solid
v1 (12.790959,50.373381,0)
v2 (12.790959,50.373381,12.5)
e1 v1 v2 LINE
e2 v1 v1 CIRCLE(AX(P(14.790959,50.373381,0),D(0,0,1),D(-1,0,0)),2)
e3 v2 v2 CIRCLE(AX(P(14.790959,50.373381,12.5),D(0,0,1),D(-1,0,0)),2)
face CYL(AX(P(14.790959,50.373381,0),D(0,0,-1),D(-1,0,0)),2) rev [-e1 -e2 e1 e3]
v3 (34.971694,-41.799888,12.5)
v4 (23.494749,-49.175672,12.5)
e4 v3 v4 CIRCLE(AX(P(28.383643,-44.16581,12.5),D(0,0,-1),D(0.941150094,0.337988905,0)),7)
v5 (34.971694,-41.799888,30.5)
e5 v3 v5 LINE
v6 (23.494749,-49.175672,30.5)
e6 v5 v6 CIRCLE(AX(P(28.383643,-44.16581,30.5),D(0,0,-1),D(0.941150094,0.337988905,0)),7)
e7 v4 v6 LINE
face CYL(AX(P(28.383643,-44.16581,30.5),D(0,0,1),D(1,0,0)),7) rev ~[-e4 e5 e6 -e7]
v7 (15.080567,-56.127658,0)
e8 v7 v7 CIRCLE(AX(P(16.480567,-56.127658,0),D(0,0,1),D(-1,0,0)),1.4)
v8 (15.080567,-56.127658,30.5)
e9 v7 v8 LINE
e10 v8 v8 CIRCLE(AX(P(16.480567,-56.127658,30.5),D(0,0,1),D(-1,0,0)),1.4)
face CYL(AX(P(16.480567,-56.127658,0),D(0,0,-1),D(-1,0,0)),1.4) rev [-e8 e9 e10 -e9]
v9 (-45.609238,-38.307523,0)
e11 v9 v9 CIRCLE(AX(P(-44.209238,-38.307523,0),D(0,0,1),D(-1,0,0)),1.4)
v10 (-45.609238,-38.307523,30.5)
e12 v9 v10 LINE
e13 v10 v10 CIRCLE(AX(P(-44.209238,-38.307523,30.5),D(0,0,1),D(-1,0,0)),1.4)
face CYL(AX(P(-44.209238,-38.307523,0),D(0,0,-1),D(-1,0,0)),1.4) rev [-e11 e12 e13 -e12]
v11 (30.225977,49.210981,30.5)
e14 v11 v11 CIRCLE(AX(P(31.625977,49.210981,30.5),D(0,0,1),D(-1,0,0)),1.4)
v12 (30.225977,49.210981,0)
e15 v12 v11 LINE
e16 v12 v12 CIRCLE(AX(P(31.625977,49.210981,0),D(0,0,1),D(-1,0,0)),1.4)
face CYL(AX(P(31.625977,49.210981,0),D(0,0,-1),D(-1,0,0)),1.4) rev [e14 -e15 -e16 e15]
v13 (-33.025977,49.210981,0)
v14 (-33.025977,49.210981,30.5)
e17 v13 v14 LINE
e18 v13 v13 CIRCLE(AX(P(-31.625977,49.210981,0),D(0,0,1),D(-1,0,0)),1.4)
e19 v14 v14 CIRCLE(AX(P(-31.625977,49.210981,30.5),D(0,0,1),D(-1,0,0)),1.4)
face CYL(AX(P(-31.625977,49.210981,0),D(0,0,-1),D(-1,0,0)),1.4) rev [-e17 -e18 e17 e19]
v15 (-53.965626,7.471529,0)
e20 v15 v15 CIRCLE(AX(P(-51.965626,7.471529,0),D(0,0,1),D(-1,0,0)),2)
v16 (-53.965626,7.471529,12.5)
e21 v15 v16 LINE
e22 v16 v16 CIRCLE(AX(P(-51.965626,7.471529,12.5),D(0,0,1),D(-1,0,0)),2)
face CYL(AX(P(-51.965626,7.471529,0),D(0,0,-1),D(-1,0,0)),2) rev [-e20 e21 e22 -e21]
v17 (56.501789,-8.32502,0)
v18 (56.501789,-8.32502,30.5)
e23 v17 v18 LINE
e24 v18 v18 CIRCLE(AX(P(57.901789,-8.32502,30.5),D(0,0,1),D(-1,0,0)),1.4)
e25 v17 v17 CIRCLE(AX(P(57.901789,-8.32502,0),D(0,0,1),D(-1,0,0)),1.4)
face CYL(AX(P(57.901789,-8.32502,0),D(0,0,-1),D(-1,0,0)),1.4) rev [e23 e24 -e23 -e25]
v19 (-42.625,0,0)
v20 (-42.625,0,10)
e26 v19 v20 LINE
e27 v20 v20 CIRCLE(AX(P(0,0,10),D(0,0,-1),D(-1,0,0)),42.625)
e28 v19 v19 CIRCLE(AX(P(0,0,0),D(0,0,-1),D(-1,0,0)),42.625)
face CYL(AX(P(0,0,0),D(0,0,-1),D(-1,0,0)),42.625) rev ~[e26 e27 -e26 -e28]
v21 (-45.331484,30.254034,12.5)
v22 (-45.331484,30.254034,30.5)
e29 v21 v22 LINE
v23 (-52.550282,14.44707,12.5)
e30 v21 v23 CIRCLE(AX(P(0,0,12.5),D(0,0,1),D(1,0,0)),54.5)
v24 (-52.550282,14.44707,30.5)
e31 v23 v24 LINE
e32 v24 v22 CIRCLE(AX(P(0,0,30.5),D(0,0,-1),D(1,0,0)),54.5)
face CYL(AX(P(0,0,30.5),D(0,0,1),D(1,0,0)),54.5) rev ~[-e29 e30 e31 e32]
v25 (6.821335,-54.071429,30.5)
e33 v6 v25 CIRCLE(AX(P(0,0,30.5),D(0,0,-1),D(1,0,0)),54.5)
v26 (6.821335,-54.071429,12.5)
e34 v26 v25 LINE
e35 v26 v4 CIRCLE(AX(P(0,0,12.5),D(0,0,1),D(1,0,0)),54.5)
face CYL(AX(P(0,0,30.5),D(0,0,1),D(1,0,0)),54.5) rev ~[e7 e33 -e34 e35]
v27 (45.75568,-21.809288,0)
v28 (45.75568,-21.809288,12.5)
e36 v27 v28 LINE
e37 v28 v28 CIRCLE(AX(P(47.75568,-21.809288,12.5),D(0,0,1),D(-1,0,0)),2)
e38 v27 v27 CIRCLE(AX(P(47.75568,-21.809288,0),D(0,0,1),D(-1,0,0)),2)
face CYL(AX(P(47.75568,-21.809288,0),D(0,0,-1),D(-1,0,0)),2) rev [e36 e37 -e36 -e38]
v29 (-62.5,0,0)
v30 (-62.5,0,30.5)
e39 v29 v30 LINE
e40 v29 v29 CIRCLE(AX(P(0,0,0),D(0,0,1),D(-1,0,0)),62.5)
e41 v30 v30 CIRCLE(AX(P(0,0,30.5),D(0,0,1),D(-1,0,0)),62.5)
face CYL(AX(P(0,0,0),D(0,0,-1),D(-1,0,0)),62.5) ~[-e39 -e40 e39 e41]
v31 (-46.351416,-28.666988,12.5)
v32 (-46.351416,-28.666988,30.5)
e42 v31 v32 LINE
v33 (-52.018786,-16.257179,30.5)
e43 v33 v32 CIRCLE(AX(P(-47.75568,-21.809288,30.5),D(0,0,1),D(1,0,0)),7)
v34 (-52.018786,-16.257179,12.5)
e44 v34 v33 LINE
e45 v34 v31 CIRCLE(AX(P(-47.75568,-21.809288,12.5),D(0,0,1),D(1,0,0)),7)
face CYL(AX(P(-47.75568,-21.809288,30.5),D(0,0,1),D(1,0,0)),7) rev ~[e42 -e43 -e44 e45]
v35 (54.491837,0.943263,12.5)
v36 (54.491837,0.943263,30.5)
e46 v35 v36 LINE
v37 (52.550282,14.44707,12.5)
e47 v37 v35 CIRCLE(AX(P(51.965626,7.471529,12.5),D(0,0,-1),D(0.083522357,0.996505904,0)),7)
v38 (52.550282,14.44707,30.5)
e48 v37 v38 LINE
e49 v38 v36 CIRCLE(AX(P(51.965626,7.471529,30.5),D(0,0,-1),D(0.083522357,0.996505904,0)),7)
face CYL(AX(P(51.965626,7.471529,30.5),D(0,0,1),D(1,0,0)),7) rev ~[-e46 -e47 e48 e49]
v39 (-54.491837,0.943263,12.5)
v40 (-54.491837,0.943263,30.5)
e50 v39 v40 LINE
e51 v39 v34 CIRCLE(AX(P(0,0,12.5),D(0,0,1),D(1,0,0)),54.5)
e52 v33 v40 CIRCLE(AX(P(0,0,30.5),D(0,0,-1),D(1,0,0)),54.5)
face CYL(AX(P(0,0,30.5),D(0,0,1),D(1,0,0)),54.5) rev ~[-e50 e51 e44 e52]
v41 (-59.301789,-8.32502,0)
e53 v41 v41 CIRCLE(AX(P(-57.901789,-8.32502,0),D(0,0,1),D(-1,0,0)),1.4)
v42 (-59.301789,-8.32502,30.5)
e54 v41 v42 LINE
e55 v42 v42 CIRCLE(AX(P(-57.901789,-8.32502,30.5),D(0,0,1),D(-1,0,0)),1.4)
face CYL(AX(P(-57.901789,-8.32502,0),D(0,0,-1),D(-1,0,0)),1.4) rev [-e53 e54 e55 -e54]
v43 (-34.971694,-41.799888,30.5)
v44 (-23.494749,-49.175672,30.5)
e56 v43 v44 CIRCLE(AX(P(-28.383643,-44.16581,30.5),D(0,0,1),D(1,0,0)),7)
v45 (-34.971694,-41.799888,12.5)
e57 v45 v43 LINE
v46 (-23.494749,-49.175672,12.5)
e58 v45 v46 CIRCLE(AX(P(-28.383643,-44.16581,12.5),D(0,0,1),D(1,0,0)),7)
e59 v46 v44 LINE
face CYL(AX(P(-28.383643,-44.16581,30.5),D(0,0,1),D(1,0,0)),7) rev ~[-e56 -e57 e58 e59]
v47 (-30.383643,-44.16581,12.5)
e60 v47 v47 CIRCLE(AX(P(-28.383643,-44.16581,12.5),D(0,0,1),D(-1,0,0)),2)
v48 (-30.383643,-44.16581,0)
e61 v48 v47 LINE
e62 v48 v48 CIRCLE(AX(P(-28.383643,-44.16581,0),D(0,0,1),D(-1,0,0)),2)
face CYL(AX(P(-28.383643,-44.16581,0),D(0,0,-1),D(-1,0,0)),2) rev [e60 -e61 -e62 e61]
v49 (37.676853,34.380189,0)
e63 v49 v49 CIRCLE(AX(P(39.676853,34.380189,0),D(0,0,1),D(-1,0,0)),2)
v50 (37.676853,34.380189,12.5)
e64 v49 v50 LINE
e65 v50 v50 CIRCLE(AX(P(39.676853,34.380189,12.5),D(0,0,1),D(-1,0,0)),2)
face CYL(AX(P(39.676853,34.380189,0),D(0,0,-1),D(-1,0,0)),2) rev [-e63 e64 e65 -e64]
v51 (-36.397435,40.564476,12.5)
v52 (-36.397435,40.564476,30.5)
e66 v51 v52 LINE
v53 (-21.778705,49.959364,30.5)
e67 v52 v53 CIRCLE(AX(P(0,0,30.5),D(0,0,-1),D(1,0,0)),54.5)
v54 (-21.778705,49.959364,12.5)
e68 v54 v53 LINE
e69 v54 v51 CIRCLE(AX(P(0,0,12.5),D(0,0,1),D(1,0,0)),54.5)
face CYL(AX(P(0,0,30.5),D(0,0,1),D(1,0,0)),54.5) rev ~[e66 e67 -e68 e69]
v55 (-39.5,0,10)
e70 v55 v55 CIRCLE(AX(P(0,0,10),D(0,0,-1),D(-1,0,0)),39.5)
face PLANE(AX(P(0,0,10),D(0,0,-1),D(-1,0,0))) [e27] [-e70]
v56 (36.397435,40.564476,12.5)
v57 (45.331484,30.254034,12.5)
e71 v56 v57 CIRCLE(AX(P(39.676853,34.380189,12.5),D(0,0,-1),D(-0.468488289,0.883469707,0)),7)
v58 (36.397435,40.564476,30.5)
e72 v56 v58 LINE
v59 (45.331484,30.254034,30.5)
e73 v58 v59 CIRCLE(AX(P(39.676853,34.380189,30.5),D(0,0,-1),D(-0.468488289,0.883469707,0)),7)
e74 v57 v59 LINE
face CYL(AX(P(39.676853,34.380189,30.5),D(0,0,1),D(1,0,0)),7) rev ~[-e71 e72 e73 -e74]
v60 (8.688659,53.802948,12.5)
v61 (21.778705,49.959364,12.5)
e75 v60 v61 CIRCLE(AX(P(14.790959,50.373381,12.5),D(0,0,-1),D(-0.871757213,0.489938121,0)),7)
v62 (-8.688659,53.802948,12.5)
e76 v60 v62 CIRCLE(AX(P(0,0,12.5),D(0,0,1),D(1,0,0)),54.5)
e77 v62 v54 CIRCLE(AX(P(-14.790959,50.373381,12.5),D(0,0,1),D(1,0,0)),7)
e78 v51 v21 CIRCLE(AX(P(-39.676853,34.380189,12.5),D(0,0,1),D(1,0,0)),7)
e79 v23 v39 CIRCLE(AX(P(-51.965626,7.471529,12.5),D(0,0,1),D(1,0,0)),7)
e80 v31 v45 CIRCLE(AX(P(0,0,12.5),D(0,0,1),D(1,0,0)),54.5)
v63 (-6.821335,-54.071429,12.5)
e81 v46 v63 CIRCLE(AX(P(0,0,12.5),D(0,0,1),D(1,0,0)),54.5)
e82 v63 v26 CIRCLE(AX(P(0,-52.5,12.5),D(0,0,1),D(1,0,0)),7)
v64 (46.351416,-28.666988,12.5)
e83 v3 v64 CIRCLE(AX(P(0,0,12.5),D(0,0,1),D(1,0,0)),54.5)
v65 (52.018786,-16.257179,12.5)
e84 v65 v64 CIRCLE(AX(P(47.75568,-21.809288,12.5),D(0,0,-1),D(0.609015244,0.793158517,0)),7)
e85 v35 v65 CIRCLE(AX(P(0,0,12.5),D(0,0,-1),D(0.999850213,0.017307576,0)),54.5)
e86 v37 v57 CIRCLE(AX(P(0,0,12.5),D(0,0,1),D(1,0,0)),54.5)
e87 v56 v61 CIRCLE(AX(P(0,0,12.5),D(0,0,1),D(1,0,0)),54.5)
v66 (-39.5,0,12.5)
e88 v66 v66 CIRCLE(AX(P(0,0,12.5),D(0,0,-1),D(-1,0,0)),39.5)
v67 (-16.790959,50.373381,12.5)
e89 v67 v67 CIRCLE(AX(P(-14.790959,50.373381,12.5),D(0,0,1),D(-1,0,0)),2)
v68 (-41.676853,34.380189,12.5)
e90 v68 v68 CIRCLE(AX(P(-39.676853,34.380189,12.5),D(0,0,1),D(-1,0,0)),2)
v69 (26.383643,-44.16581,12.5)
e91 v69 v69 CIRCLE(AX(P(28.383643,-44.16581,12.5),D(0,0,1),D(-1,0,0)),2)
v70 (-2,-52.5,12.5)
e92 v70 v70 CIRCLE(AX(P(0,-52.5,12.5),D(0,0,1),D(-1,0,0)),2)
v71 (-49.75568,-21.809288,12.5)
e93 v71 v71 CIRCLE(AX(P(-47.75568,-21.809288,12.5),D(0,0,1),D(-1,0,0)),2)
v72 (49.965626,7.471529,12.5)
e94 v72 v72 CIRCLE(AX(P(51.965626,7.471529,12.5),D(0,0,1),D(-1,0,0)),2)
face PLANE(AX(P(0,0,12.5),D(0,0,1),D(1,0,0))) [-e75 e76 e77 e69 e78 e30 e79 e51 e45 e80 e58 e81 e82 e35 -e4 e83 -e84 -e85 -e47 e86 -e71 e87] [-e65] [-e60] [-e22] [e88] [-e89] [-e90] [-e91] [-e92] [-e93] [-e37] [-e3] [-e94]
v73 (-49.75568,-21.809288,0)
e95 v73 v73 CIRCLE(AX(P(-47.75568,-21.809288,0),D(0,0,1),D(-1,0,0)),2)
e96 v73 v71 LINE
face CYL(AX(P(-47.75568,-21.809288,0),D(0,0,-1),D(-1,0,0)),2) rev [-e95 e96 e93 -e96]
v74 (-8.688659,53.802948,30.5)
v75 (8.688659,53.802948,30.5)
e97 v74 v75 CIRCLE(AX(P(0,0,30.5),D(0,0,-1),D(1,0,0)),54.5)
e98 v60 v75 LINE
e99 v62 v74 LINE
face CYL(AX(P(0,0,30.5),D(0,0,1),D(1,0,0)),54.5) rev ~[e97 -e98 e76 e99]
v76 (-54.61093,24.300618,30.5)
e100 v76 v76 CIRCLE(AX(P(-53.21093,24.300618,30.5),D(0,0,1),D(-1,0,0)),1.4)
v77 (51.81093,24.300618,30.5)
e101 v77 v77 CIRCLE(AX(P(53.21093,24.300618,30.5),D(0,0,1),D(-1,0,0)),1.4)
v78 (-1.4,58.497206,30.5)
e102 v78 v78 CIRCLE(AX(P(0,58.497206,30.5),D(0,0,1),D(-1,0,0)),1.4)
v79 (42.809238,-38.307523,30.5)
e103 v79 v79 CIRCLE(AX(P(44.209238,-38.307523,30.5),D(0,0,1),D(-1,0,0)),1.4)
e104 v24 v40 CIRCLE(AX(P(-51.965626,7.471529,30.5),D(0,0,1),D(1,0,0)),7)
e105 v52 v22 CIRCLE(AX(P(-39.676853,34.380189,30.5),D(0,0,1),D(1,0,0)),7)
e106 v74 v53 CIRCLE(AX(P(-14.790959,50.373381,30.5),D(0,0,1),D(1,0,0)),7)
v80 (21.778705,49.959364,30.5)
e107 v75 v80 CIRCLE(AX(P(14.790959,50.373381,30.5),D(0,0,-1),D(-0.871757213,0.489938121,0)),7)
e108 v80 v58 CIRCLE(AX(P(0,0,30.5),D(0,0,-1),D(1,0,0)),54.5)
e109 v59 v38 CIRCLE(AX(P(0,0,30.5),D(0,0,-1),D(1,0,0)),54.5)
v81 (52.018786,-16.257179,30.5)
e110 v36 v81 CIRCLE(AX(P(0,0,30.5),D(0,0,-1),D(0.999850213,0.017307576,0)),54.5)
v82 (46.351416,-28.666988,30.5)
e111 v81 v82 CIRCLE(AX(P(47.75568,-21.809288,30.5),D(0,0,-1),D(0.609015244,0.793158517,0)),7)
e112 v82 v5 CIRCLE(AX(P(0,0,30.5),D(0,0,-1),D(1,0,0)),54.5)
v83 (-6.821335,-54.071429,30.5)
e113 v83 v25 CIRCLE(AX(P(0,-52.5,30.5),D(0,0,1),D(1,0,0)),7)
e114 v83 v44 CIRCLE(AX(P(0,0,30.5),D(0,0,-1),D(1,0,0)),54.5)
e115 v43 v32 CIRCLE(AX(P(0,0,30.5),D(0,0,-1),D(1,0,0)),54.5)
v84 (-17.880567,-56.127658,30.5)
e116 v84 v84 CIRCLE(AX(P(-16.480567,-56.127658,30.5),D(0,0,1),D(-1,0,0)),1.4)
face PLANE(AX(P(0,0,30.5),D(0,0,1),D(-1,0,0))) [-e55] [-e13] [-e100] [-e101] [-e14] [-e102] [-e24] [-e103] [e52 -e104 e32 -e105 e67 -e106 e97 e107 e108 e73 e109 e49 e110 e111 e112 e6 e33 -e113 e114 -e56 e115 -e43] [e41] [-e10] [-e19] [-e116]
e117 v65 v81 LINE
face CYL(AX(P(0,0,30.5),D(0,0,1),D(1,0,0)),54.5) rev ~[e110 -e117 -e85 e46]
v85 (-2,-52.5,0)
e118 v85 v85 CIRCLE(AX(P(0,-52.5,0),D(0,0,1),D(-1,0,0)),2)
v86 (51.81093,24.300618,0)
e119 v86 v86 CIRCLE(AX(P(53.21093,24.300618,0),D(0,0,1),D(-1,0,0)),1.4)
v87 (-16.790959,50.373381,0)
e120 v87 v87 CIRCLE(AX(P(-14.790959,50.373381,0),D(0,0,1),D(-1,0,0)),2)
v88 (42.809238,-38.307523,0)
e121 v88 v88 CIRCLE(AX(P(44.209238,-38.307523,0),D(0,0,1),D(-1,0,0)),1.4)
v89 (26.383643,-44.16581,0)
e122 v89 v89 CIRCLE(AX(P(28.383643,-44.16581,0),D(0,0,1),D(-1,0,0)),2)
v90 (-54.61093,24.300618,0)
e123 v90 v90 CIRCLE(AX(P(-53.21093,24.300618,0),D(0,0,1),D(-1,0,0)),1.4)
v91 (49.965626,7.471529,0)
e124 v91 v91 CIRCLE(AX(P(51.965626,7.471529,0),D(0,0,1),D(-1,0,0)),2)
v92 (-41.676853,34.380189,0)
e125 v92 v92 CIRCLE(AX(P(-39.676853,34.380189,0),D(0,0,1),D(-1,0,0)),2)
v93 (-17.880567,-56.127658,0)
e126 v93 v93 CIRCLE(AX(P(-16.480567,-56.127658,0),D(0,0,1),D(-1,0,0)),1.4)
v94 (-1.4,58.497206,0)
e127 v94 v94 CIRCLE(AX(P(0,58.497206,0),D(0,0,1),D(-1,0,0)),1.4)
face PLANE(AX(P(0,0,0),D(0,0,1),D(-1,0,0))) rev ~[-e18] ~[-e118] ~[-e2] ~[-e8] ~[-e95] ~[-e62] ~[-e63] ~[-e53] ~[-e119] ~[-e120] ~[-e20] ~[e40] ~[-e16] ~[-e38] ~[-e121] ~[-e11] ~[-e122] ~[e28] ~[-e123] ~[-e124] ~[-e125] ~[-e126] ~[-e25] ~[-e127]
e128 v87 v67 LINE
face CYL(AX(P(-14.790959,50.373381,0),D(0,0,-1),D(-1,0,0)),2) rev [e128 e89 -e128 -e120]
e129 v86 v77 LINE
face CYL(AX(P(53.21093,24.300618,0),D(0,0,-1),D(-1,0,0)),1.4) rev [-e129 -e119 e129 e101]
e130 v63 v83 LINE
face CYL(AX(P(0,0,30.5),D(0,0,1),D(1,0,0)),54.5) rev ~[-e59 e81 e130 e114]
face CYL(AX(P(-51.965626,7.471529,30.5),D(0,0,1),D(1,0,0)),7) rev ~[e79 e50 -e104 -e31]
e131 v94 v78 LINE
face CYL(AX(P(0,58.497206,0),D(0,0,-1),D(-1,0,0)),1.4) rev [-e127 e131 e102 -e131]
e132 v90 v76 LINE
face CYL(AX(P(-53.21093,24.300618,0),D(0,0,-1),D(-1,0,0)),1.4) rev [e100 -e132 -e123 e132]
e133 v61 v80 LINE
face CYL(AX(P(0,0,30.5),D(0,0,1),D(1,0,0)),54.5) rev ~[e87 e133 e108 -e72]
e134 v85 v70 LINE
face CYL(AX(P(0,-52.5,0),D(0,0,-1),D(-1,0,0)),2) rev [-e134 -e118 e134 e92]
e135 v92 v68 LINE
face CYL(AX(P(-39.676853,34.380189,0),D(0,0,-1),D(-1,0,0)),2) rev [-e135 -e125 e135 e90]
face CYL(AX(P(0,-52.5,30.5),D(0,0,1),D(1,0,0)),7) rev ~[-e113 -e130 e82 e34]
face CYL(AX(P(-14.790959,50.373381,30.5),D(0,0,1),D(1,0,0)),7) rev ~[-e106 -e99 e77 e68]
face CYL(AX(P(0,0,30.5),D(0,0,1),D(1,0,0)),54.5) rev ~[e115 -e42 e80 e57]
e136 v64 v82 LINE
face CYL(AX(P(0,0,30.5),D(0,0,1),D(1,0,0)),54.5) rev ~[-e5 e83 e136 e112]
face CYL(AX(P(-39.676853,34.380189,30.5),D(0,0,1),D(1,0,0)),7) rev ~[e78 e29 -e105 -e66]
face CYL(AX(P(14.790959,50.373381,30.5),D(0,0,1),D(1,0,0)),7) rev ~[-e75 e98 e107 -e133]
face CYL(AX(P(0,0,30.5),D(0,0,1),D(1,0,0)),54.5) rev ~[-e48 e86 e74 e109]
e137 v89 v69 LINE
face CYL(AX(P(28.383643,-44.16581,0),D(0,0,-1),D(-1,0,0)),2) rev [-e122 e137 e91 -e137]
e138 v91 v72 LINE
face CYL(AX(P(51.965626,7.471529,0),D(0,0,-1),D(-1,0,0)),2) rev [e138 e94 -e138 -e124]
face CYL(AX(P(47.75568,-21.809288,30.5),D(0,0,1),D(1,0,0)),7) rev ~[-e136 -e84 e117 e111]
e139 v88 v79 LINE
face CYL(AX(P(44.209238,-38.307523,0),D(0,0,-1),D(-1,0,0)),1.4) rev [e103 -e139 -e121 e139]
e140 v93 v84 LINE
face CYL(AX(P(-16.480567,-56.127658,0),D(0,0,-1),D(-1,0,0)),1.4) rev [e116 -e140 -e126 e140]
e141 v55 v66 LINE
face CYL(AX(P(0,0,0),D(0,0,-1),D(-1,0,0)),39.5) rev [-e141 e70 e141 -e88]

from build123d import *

# Parameters (mm, degrees)
SKETCH_1_R          = 62.5
SKETCH_1_R_2        = 39.5
SKETCH_1_R_3        = 2
SKETCH_1_R_4        = 1.4
EXTRUDE_1_DEPTH     = 30.5
SKETCH_2_R          = 54.5
CUT_EXTRUDE_1_DEPTH = 18
SKETCH_3_R          = 7
CUT_EXTRUDE_2_DEPTH = 18
SKETCH_4_R          = 42.625
CUT_EXTRUDE_3_DEPTH = 10


with BuildPart() as part:
    # 草图1 → 凸台-拉伸1 (new body)
    with BuildSketch(Plane.XY):
        with Locations(Location((0, 0, 0), (0, 0, 180))):
            Circle(SKETCH_1_R)
        with Locations(Location((0, 0, 0), (0, 0, 180))):
            Circle(SKETCH_1_R_2, mode=Mode.SUBTRACT)
        with Locations(Location((0, -52.5, 0), (0, 0, 180))):
            Circle(SKETCH_1_R_3, mode=Mode.SUBTRACT)
        with Locations(Location((-28.383642916, -44.165810474, 0), (0, 0, 180))):
            Circle(SKETCH_1_R_3, mode=Mode.SUBTRACT)
        with Locations(Location((-47.755679756, -21.809288183, 0), (0, 0, 180))):
            Circle(SKETCH_1_R_3, mode=Mode.SUBTRACT)
        with Locations(Location((-51.965625699, 7.471529009, 0), (0, 0, 180))):
            Circle(SKETCH_1_R_3, mode=Mode.SUBTRACT)
        with Locations(Location((-39.676852654, 34.380188532, 0), (0, 0, 180))):
            Circle(SKETCH_1_R_3, mode=Mode.SUBTRACT)
        with Locations(Location((-14.790959234, 50.373381115, 0), (0, 0, 180))):
            Circle(SKETCH_1_R_3, mode=Mode.SUBTRACT)
        with Locations(Location((14.790959234, 50.373381115, 0), (0, 0, 180))):
            Circle(SKETCH_1_R_3, mode=Mode.SUBTRACT)
        with Locations(Location((39.676852654, 34.380188532, 0), (0, 0, 180))):
            Circle(SKETCH_1_R_3, mode=Mode.SUBTRACT)
        with Locations(Location((51.965625699, 7.471529009, 0), (0, 0, 180))):
            Circle(SKETCH_1_R_3, mode=Mode.SUBTRACT)
        with Locations(Location((47.755679756, -21.809288183, 0), (0, 0, 180))):
            Circle(SKETCH_1_R_3, mode=Mode.SUBTRACT)
        with Locations(Location((28.383642916, -44.165810474, 0), (0, 0, 180))):
            Circle(SKETCH_1_R_3, mode=Mode.SUBTRACT)
        with Locations(Location((-31.625977228, 49.210981142, 0), (0, 0, 180))):
            Circle(SKETCH_1_R_4, mode=Mode.SUBTRACT)
        with Locations(Location((0, 58.497205922, 0), (0, 0, 180))):
            Circle(SKETCH_1_R_4, mode=Mode.SUBTRACT)
        with Locations(Location((31.625977228, 49.210981142, 0), (0, 0, 180))):
            Circle(SKETCH_1_R_4, mode=Mode.SUBTRACT)
        with Locations(Location((53.210930145, 24.300617558, 0), (0, 0, 180))):
            Circle(SKETCH_1_R_4, mode=Mode.SUBTRACT)
        with Locations(Location((57.901788711, -8.3250204, 0), (0, 0, 180))):
            Circle(SKETCH_1_R_4, mode=Mode.SUBTRACT)
        with Locations(Location((44.209238476, -38.307523204, 0), (0, 0, 180))):
            Circle(SKETCH_1_R_4, mode=Mode.SUBTRACT)
        with Locations(Location((16.480567392, -56.127658058, 0), (0, 0, 180))):
            Circle(SKETCH_1_R_4, mode=Mode.SUBTRACT)
        with Locations(Location((-16.480567392, -56.127658058, 0), (0, 0, 180))):
            Circle(SKETCH_1_R_4, mode=Mode.SUBTRACT)
        with Locations(Location((-44.209238476, -38.307523204, 0), (0, 0, 180))):
            Circle(SKETCH_1_R_4, mode=Mode.SUBTRACT)
        with Locations(Location((-57.901788711, -8.3250204, 0), (0, 0, 180))):
            Circle(SKETCH_1_R_4, mode=Mode.SUBTRACT)
        with Locations(Location((-53.210930145, 24.300617558, 0), (0, 0, 180))):
            Circle(SKETCH_1_R_4, mode=Mode.SUBTRACT)
    extrude(amount=EXTRUDE_1_DEPTH)

    # 草图2 → 切除-拉伸1 (cut)
    with BuildSketch(Plane.XY.offset(30.5)):
        Circle(SKETCH_2_R)
    extrude(amount=-CUT_EXTRUDE_1_DEPTH, mode=Mode.SUBTRACT)

    # 草图3 → 切除-拉伸2 (cut)
    with BuildSketch(Plane.XY.offset(30.5)):
        with Locations((-39.676852654, 34.380188532)):
            Circle(SKETCH_3_R)
        with Locations((-14.790959234, 50.373381115)):
            Circle(SKETCH_3_R)
        with Locations((14.790959234, 50.373381115)):
            Circle(SKETCH_3_R)
        with Locations((39.676852654, 34.380188532)):
            Circle(SKETCH_3_R)
        with Locations((51.965625699, 7.471529009)):
            Circle(SKETCH_3_R)
        with Locations((47.755679756, -21.809288183)):
            Circle(SKETCH_3_R)
        with Locations((28.383642916, -44.165810474)):
            Circle(SKETCH_3_R)
        with Locations((0, -52.5)):
            Circle(SKETCH_3_R)
        with Locations((-28.383642916, -44.165810474)):
            Circle(SKETCH_3_R)
        with Locations((-47.755679756, -21.809288183)):
            Circle(SKETCH_3_R)
        with Locations((-51.965625699, 7.471529009)):
            Circle(SKETCH_3_R)
    extrude(amount=-CUT_EXTRUDE_2_DEPTH, mode=Mode.SUBTRACT)

    # 草图4 → 切除-拉伸3 (cut)
    with BuildSketch(Plane(origin=(0, 0, 0), x_dir=(-1, 0, 0), z_dir=(0, 0, -1))):
        Circle(SKETCH_4_R)
    extrude(amount=-CUT_EXTRUDE_3_DEPTH, mode=Mode.SUBTRACT)


solid = part.part
